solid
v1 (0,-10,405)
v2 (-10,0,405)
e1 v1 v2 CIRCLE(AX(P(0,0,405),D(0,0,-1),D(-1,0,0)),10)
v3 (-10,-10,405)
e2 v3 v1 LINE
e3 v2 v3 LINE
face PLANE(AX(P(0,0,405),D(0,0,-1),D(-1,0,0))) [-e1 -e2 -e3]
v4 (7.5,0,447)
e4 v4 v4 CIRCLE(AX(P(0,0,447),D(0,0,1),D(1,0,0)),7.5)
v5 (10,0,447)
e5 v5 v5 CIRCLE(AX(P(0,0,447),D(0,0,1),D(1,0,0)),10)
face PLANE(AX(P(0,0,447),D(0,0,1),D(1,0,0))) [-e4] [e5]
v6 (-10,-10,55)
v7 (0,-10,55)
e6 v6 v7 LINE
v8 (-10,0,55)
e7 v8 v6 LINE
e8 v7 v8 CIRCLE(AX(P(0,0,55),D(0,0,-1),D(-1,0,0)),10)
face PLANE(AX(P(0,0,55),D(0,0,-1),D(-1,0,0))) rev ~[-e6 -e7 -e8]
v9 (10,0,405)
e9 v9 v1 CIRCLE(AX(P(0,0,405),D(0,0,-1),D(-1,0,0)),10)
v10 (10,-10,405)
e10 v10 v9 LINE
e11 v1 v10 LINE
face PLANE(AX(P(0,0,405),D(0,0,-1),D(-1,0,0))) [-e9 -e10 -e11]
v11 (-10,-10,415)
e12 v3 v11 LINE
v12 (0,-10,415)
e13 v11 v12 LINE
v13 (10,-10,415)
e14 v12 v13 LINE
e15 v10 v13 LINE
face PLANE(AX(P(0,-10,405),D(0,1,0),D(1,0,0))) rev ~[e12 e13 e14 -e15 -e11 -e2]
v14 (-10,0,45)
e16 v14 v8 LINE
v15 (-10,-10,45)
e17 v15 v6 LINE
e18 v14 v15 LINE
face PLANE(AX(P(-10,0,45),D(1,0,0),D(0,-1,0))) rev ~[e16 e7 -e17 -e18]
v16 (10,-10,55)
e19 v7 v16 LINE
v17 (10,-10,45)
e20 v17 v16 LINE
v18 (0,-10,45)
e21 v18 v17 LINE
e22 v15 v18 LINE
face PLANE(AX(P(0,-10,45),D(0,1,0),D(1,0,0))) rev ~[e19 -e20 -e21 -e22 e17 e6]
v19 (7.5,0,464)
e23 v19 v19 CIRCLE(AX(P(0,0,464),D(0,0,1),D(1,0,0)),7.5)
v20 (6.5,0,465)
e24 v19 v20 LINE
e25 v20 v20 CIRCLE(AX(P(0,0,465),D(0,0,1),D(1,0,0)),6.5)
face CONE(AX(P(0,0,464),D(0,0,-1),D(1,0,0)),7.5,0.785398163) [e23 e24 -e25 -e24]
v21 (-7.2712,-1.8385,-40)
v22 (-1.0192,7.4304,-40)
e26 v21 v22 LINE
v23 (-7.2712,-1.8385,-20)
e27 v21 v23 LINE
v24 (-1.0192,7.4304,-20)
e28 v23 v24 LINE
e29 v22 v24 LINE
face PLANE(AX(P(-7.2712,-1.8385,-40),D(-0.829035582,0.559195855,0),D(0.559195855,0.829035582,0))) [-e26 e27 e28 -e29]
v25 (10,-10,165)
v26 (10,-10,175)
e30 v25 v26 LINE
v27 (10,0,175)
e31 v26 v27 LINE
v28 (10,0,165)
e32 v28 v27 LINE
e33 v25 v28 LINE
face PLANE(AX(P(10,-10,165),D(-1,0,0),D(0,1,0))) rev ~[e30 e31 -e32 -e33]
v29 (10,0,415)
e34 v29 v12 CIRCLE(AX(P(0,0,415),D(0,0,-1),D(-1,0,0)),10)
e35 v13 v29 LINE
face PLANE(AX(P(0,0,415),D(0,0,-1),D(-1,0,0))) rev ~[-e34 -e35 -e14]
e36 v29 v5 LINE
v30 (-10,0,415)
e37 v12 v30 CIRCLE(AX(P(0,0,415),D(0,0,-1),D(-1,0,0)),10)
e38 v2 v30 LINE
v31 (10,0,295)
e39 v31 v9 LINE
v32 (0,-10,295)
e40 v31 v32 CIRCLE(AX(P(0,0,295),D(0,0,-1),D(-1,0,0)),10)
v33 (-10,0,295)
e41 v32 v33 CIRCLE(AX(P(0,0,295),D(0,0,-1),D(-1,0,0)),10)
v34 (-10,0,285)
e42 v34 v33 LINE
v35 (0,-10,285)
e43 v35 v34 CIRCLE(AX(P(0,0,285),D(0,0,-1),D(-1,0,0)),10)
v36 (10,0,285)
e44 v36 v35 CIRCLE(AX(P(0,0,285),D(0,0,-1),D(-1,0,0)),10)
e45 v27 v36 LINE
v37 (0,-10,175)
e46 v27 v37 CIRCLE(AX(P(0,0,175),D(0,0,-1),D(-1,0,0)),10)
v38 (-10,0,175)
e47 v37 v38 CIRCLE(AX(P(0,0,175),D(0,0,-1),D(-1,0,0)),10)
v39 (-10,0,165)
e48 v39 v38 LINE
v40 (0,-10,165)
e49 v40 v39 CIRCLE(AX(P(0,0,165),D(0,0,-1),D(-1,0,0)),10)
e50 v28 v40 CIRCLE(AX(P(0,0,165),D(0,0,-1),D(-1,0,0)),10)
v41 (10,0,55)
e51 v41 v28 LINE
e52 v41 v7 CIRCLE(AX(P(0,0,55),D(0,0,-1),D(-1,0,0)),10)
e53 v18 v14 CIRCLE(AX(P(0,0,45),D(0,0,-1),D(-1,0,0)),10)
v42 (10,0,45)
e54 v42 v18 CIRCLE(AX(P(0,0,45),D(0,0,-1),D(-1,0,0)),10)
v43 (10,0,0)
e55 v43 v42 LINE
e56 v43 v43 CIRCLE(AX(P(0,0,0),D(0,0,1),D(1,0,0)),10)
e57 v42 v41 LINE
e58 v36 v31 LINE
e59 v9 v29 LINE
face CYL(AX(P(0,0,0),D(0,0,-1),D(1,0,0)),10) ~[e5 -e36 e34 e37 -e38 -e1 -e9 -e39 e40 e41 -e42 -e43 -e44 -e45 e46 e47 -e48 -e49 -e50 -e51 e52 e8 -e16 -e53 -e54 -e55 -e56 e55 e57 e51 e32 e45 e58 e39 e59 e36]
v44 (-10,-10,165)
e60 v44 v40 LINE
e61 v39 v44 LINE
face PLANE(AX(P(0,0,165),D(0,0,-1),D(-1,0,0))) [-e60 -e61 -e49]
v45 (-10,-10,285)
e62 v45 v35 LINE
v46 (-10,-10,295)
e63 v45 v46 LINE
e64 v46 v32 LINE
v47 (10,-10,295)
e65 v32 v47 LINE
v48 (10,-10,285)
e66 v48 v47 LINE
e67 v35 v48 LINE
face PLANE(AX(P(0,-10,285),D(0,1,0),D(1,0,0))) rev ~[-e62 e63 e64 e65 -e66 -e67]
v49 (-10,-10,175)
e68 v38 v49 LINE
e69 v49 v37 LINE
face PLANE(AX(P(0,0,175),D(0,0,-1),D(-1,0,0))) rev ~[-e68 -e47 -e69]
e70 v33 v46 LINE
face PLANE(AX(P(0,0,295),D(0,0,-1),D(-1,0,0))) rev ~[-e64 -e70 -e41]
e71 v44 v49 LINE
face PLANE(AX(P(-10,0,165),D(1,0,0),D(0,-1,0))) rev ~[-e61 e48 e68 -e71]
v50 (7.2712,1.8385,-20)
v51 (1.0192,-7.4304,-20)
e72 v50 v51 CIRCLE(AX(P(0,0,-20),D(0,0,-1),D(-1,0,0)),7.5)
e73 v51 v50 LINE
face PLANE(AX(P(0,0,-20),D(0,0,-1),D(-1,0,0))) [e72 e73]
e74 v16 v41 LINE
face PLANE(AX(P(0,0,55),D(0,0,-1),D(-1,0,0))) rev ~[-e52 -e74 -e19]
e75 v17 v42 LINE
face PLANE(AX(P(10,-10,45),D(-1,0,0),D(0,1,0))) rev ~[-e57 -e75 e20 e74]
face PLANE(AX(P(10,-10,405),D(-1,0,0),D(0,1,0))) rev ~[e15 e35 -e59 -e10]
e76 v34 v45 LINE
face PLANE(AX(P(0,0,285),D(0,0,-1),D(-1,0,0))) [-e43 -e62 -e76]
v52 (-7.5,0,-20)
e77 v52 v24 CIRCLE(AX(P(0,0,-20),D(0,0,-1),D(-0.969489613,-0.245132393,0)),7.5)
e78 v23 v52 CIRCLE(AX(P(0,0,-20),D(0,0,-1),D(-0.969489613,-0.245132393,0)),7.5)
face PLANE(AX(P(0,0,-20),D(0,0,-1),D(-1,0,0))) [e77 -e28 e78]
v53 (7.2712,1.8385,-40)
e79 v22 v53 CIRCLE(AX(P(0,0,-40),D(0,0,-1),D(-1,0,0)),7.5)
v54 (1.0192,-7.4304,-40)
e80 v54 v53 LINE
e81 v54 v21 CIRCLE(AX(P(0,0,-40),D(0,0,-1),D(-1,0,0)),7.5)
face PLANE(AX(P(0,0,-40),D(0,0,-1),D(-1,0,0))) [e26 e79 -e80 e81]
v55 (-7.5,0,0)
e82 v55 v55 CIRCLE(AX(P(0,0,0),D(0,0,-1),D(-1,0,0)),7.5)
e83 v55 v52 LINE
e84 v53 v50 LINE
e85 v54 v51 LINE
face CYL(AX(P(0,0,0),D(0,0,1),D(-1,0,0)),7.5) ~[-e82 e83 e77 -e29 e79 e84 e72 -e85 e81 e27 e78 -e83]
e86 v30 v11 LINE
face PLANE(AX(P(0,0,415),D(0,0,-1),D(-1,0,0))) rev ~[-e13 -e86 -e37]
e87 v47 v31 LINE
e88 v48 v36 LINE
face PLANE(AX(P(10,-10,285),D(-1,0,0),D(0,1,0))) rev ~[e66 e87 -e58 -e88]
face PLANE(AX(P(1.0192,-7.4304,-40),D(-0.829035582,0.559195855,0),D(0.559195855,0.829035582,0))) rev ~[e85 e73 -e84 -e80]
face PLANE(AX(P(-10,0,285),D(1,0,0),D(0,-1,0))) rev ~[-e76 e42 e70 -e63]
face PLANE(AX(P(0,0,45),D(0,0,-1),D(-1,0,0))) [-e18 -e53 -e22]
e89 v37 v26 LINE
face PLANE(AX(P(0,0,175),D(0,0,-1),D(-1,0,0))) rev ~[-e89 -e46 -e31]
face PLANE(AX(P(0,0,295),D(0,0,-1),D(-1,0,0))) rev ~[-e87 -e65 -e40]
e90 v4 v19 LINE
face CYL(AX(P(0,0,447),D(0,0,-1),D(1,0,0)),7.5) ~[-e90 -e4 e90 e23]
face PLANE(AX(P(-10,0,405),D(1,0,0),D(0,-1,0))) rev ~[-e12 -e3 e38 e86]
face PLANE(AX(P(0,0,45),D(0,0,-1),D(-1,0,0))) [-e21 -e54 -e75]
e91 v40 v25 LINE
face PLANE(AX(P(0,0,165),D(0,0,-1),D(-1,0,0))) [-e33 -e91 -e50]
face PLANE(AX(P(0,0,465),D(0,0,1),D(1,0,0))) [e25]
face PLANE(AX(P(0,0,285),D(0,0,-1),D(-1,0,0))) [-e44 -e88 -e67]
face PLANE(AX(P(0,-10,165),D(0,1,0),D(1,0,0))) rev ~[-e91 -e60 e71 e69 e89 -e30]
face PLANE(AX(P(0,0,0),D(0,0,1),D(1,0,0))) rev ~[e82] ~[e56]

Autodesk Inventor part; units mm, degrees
ref_plane "YZ Plane" through (0, 0, 0) normal (1, 0, 0) x (0, 1, 0)
ref_plane "XZ Plane" through (0, 0, 0) normal (0, 1, 0) x (-1, 0, 0)
sketch "草图1" plane through (0, 0, 0) normal (0, 0, 1) x (1, 0, 0)
  circle A0 centre (0, 0) radius 10
  dimension "d0" = 20
extrude "拉伸1" add sketch "草图1" along normal blind 447
sketch "草图2" plane through (0, 0, 447) normal (0, 0, 1) x (1, 0, 0)
  circle A0 centre (0, 0) radius 7.5
  dimension "d3" = 15
extrude "拉伸2" add sketch "草图2" along normal blind 18
chamfer "倒角1" distance 1 angle 45 1 edges at (-7.5, 0, 465)
sketch "草图3" plane through (0, 0, 0) normal (0, 0, -1) x (-1, 0, 0)
  circle A0 centre (0, 0) radius 7.5
  dimension "d9" = 15
extrude "拉伸3" add sketch "草图3" along normal blind 40
ref_plane "工作平面1" through (0, 0, 45) normal (0, 0, -1) x (-1, 0, 0)
sketch "草图4" plane through (0, 0, 45) normal (0, 0, -1) x (-1, 0, 0)
  circle A0 centre (0, 0) radius 10
  circle A1 centre (0, 0) radius 10 projected
  line L0 (0, 10) -> (10, 10)
  line L1 (10, 0) -> (10, -10)
  line L2 (10, -10) -> (-10, -10)
  line L3 (-10, -10) -> (-10, 0)
  dimension "d13" = 20
  dimension "d14" = 20
  dimension "d15" = 10
  dimension "d16" = 10
extrude "拉伸4" add sketch "草图4" against normal blind 10 contours L1 L2 A0 | L2 L3 A0
pattern_linear "矩形阵列1" count 4 spacing 120 along (0, 0, 1) of "拉伸4"
sketch "草图5" plane through (0, 0, -40) normal (0, 0, -1) x (-1, 0, 0)
  circle A0 centre (0, 0) radius 7.5
  line L0 (7.2712, -1.8385) -> (1.0192, 7.4304)
  line L1 (-1.0192, -7.4304) -> (-7.2712, 1.8385)
  line L2 (-10, -10) -> (0, -10) projected
  dimension "d22" = 15
  dimension "d23" = 10
  dimension "d24" = 56
extrude "拉伸5" cut sketch "草图5" against normal blind 20 contours A0 L0 | L1 A0
properties part number "刀轴"
